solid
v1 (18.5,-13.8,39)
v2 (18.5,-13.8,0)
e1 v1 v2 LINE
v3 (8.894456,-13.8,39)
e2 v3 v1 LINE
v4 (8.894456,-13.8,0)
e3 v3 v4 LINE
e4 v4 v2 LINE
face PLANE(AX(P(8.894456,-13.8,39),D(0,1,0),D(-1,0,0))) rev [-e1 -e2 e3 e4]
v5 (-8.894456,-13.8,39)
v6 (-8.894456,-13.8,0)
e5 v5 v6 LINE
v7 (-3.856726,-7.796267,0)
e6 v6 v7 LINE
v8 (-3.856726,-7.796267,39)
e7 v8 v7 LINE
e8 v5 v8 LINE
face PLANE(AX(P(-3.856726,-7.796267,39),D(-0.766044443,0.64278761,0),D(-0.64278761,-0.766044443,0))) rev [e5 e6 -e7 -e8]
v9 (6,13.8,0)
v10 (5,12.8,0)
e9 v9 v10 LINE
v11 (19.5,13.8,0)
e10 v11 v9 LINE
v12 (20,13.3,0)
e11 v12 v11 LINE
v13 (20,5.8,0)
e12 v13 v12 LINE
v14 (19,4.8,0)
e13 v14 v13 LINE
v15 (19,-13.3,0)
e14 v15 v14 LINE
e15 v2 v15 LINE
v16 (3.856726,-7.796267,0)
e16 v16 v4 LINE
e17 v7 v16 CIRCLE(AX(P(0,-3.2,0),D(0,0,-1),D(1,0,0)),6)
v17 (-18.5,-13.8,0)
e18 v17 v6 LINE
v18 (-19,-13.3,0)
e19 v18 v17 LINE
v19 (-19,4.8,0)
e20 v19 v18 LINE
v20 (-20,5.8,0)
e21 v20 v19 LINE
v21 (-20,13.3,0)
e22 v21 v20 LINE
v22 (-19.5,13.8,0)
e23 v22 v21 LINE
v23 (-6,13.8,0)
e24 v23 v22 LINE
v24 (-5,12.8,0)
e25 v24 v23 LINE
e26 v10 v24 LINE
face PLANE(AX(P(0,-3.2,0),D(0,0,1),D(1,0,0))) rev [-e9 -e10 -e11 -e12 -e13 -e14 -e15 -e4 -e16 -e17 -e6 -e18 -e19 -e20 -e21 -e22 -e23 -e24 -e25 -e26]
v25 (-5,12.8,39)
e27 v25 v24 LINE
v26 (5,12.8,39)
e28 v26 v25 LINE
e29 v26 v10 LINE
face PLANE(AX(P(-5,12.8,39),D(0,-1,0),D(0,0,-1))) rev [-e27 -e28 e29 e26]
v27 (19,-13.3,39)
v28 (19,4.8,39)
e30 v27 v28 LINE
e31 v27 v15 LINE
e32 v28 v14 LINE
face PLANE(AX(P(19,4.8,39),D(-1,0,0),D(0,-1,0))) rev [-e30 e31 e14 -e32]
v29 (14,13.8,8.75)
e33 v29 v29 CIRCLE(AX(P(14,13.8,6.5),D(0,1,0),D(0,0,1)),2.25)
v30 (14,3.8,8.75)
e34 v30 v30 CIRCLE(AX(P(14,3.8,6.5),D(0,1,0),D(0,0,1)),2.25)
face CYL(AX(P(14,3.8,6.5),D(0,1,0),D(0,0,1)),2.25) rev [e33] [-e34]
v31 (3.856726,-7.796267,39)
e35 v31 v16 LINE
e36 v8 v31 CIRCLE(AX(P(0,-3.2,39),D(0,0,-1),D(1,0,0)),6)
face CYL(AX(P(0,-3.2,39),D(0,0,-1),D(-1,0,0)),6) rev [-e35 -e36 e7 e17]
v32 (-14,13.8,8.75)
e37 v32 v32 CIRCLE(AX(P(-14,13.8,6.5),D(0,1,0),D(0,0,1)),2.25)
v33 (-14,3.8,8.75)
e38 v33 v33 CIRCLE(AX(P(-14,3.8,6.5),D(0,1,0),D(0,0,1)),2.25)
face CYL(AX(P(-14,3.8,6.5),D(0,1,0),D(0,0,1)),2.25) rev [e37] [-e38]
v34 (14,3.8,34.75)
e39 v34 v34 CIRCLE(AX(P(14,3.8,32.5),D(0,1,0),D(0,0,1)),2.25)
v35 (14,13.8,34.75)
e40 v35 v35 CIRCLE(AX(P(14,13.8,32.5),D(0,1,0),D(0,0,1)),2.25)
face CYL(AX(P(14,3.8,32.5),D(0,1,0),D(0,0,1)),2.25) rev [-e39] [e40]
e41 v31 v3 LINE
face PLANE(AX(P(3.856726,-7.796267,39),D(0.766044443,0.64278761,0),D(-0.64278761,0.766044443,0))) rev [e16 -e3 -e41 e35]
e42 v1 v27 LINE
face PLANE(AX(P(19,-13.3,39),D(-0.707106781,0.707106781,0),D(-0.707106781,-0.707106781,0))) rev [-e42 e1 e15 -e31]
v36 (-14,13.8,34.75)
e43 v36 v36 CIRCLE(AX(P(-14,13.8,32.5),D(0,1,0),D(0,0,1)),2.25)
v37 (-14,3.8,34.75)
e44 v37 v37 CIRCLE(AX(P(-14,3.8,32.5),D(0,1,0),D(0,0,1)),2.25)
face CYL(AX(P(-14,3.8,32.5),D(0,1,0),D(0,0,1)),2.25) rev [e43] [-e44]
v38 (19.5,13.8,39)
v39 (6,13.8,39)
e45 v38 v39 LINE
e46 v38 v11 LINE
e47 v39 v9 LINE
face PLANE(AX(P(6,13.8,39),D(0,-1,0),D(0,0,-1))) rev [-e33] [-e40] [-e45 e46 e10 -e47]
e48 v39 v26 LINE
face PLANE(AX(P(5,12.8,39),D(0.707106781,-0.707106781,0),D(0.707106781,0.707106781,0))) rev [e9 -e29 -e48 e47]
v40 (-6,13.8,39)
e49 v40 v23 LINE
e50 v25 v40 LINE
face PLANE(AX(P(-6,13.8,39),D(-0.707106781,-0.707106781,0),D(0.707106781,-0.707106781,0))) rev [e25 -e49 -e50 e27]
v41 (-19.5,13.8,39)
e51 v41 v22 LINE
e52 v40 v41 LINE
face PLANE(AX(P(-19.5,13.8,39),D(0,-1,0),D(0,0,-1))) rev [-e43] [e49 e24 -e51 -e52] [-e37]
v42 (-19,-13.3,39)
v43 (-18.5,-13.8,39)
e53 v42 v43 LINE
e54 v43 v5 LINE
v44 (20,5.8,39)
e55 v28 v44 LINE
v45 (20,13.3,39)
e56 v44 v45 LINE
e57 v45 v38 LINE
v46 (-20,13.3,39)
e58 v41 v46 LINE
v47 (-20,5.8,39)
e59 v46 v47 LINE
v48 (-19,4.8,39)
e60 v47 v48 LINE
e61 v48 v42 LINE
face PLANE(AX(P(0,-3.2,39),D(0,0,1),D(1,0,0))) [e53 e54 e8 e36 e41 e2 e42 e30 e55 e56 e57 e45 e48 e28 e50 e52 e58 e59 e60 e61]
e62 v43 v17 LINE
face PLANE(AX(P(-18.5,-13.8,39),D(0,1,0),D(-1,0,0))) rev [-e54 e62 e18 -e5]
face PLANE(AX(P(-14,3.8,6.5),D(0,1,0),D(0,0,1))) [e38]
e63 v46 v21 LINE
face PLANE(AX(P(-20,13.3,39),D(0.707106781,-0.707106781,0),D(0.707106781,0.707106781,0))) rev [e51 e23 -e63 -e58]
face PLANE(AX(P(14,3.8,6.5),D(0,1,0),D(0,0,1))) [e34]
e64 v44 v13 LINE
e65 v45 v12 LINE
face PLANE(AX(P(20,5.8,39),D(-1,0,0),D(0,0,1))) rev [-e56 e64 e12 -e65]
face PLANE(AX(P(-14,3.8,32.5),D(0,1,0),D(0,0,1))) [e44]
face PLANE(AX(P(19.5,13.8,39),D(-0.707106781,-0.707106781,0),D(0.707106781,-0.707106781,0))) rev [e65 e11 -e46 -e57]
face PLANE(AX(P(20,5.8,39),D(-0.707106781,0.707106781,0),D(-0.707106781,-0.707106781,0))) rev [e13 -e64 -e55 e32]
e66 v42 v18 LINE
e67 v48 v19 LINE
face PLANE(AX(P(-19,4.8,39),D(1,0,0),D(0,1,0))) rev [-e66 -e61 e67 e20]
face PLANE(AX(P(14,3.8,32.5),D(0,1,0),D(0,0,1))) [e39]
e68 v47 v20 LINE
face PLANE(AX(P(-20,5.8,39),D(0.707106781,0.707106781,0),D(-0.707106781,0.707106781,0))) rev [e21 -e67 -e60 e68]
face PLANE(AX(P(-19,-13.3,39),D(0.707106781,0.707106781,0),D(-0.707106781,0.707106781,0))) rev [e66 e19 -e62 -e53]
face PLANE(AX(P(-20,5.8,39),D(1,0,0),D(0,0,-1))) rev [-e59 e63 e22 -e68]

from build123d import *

# Parameters (mm, degrees)
EXTRUDE1_DEPTH = 39
SKETCH2_R      = 2.25
EXTRUDE2_DEPTH = 10


with BuildPart() as part:
    # Sketch1 → Extrude1 (new body)
    with BuildSketch(Plane.XY):
        with BuildLine():
            Line((-18.5, -13.8), (-8.89445609, -13.8))
            Line((-8.89445609, -13.8), (-3.856725658, -7.796266659))
            ThreePointArc((-3.856725658, -7.796266659), (0, 2.8), (3.856725658, -7.796266659))
            Line((3.856725658, -7.796266659), (8.89445609, -13.8))
            Line((8.89445609, -13.8), (18.5, -13.8))
            Line((18.5, -13.8), (19, -13.3))
            Line((19, -13.3), (19, 4.8))
            Line((19, 4.8), (20, 5.8))
            Line((20, 5.8), (20, 13.3))
            Line((20, 13.3), (19.5, 13.8))
            Line((19.5, 13.8), (6, 13.8))
            Line((6, 13.8), (5, 12.8))
            Line((5, 12.8), (-5, 12.8))
            Line((-5, 12.8), (-6, 13.8))
            Line((-6, 13.8), (-19.5, 13.8))
            Line((-19.5, 13.8), (-20, 13.3))
            Line((-20, 13.3), (-20, 5.8))
            Line((-20, 5.8), (-19, 4.8))
            Line((-19, 4.8), (-19, -13.3))
            Line((-19, -13.3), (-18.5, -13.8))
        make_face()
    extrude(amount=EXTRUDE1_DEPTH)

    # Sketch2 → Extrude2 (cut)
    with BuildSketch(Plane(origin=(0, 13.8, 0), x_dir=(1, 0, 0), z_dir=(0, 1, 0))):
        with Locations((-14, -6.5)):
            Circle(SKETCH2_R)
        with Locations((-14, -32.5)):
            Circle(SKETCH2_R)
        with Locations((14, -32.5)):
            Circle(SKETCH2_R)
        with Locations((14, -6.5)):
            Circle(SKETCH2_R)
    extrude(amount=-EXTRUDE2_DEPTH, mode=Mode.SUBTRACT)


solid = part.part
